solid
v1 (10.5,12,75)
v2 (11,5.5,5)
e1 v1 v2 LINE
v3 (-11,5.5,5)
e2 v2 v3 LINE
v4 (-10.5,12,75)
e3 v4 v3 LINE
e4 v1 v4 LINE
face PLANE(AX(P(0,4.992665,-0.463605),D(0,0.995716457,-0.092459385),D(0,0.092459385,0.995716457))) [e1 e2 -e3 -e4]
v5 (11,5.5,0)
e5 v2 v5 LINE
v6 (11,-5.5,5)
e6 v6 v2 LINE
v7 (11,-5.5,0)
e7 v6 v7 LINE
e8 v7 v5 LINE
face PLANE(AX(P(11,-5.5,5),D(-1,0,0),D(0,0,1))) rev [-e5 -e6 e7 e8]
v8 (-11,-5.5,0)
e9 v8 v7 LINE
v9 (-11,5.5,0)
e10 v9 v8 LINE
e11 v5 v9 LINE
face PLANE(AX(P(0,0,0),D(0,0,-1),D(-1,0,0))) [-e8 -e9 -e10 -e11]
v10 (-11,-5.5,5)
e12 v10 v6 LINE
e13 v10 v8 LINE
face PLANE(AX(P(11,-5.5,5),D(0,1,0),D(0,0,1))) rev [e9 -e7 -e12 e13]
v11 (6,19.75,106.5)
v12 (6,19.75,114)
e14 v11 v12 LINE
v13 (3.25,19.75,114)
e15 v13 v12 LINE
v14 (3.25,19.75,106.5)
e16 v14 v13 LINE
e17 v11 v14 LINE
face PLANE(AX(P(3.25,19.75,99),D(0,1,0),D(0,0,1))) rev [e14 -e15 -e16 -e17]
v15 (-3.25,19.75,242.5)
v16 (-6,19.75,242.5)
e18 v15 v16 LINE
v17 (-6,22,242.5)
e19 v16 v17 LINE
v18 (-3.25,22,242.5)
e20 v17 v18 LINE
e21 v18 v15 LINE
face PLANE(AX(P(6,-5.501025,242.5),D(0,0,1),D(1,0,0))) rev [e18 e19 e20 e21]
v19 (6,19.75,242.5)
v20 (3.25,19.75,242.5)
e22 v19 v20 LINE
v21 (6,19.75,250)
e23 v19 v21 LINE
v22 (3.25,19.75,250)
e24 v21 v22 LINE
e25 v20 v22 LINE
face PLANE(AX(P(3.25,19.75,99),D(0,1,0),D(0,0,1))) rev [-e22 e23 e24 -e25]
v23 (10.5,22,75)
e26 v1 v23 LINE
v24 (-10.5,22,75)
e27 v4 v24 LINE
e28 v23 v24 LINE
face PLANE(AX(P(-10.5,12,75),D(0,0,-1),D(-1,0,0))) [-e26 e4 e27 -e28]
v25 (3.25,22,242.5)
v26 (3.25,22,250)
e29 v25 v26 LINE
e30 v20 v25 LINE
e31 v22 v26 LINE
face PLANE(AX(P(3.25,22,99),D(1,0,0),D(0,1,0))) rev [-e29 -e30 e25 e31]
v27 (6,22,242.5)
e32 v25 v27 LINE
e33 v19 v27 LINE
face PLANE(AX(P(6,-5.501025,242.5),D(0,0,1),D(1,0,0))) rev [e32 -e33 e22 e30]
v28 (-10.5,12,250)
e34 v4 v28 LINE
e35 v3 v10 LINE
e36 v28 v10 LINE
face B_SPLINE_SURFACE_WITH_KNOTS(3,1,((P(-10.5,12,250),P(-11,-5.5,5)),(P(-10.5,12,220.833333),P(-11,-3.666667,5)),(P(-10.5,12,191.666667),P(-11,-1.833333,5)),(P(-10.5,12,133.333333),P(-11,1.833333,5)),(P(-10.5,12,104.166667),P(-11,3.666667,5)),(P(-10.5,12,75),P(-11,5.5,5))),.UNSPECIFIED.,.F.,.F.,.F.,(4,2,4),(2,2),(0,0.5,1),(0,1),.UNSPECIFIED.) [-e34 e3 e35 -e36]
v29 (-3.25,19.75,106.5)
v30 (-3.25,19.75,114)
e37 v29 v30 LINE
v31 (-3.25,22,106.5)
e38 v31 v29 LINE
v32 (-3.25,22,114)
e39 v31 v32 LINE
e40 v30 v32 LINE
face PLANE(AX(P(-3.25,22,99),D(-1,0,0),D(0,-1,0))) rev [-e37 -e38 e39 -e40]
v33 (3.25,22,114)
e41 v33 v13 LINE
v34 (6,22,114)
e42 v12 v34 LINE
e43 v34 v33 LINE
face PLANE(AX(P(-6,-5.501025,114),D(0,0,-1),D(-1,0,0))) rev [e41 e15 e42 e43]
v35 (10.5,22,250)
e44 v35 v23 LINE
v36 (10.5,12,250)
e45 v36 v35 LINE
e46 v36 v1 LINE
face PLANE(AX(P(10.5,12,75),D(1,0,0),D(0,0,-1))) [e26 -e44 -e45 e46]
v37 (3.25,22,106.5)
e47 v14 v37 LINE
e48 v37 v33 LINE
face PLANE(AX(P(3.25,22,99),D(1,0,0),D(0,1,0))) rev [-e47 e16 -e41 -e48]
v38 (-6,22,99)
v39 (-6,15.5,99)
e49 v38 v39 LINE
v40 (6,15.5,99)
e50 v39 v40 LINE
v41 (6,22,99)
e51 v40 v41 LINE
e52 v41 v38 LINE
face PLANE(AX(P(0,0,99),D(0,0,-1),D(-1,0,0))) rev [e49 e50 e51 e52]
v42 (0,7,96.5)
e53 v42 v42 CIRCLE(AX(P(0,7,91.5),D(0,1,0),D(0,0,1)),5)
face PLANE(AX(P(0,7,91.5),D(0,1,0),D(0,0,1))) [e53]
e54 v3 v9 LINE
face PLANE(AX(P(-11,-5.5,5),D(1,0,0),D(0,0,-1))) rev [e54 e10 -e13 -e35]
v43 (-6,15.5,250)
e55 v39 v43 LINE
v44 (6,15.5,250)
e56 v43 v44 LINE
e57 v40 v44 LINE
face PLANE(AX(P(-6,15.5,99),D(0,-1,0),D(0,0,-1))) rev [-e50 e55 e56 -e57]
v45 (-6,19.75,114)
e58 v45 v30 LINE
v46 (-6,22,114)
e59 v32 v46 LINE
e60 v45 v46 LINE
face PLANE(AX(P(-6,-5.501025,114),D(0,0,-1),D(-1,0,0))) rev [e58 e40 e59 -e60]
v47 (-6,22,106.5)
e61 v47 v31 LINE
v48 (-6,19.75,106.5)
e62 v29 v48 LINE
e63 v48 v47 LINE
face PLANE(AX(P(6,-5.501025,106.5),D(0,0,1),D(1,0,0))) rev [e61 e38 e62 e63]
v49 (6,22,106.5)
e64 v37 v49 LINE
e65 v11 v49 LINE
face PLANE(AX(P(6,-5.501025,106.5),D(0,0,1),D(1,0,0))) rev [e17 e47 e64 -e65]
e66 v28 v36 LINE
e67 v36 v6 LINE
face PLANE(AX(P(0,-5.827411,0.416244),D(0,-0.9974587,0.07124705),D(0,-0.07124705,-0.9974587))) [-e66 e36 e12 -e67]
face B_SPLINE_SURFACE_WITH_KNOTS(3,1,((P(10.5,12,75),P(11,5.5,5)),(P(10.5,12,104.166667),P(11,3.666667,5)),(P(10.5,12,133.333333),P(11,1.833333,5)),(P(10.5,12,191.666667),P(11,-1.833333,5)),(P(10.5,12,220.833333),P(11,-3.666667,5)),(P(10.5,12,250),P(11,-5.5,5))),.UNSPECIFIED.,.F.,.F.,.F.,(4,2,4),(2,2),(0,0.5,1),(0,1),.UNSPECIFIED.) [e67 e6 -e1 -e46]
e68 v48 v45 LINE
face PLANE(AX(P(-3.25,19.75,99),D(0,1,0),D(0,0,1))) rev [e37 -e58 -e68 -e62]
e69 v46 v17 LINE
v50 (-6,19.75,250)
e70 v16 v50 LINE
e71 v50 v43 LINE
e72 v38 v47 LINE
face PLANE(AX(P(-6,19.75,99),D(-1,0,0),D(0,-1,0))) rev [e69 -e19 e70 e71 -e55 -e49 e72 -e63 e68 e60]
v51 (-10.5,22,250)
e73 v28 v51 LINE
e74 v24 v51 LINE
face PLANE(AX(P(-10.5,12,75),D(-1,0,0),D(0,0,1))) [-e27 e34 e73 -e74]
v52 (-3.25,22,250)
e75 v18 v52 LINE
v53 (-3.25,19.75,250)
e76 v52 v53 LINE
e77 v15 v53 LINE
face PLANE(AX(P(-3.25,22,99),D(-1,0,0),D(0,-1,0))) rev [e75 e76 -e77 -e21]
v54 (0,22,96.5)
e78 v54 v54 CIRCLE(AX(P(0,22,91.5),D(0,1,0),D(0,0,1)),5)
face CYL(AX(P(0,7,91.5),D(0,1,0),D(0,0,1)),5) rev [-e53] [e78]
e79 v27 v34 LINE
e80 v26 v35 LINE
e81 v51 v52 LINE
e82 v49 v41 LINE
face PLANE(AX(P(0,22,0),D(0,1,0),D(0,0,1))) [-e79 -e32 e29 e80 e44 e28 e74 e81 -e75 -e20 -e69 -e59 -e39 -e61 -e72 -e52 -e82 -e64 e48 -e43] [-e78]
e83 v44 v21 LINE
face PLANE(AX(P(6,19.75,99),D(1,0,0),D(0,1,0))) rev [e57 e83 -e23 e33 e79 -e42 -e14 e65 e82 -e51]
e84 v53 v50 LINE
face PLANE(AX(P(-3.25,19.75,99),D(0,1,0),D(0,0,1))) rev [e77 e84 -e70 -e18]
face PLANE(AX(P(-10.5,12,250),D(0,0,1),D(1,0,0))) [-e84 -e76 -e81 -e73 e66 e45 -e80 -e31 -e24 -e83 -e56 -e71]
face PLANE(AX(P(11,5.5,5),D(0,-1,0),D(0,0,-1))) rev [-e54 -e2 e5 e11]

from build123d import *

# Parameters (mm, degrees)
SKETCH1_W           = 11
SKETCH1_H           = 22
BOSS_EXTRUDE1_DEPTH = 5
SKETCH3_W           = 21
SKETCH3_H           = 175
BOSS_EXTRUDE2_DEPTH = 10
CUT_EXTRUDE1_DEPTH  = 151
SKETCH5_R           = 5
CUT_EXTRUDE2_DEPTH  = 15
CUT_EXTRUDE3_START  = -2.25
SKETCH6_W           = 12
SKETCH6_H           = 128.5
SKETCH6_H_2         = 7.5
CUT_EXTRUDE3_DEPTH  = 2.25


with BuildPart() as part:
    # Sketch1 → Boss-Extrude1 (new body)
    with BuildSketch(Plane(origin=(0, 0, 0), x_dir=(0, 1, 0), z_dir=(0, 0, 1))):
        Rectangle(SKETCH1_W, SKETCH1_H)
    extrude(amount=BOSS_EXTRUDE1_DEPTH)


with BuildPart() as body_2:
    # Sketch3 → Boss-Extrude2 (new body)
    with BuildSketch(Plane(origin=(0, 22, 0), x_dir=(-1, 0, 0), z_dir=(0, 1, 0))):
        with Locations((0, 162.5)):
            Rectangle(SKETCH3_W, SKETCH3_H)
    extrude(amount=-BOSS_EXTRUDE2_DEPTH)


    add(part.part)  # loft1 joins it to this body
    # loft from a face of the part (loft1)
    loft([body_2.faces().sort_by_distance((0, 12, 162.5))[0], body_2.faces().sort_by_distance((0, 0, 5))[0]])

    # Sketch4 → Cut-Extrude1 (cut)
    with BuildSketch(Plane.XY.offset(250)):
        Polygon((-3.25, 22), (-3.25, 19.75), (-6, 19.75), (-6, 15.5), (6, 15.5), (6, 19.75), (3.25, 19.75), (3.25, 22), align=None)
    extrude(amount=-CUT_EXTRUDE1_DEPTH, mode=Mode.SUBTRACT)

    # Sketch5 → Cut-Extrude2 (cut)
    with BuildSketch(Plane(origin=(0, 22, 0), x_dir=(-1, 0, 0), z_dir=(0, 1, 0))):
        with Locations(Location((0, 91.5, 0), (0, 0, 90))):
            Circle(SKETCH5_R)
    extrude(amount=-CUT_EXTRUDE2_DEPTH, mode=Mode.SUBTRACT)

    # Sketch6 → Cut-Extrude3 (cut)
    with BuildSketch(Plane(origin=(0, 22, 0), x_dir=(-1, 0, 0), z_dir=(0, 1, 0)).offset(CUT_EXTRUDE3_START)):
        with Locations((0, 178.25)):
            Rectangle(SKETCH6_W, SKETCH6_H)
        with Locations((0, 102.75)):
            Rectangle(SKETCH6_W, SKETCH6_H_2)
    extrude(amount=CUT_EXTRUDE3_DEPTH, mode=Mode.SUBTRACT)


solid = body_2.part
